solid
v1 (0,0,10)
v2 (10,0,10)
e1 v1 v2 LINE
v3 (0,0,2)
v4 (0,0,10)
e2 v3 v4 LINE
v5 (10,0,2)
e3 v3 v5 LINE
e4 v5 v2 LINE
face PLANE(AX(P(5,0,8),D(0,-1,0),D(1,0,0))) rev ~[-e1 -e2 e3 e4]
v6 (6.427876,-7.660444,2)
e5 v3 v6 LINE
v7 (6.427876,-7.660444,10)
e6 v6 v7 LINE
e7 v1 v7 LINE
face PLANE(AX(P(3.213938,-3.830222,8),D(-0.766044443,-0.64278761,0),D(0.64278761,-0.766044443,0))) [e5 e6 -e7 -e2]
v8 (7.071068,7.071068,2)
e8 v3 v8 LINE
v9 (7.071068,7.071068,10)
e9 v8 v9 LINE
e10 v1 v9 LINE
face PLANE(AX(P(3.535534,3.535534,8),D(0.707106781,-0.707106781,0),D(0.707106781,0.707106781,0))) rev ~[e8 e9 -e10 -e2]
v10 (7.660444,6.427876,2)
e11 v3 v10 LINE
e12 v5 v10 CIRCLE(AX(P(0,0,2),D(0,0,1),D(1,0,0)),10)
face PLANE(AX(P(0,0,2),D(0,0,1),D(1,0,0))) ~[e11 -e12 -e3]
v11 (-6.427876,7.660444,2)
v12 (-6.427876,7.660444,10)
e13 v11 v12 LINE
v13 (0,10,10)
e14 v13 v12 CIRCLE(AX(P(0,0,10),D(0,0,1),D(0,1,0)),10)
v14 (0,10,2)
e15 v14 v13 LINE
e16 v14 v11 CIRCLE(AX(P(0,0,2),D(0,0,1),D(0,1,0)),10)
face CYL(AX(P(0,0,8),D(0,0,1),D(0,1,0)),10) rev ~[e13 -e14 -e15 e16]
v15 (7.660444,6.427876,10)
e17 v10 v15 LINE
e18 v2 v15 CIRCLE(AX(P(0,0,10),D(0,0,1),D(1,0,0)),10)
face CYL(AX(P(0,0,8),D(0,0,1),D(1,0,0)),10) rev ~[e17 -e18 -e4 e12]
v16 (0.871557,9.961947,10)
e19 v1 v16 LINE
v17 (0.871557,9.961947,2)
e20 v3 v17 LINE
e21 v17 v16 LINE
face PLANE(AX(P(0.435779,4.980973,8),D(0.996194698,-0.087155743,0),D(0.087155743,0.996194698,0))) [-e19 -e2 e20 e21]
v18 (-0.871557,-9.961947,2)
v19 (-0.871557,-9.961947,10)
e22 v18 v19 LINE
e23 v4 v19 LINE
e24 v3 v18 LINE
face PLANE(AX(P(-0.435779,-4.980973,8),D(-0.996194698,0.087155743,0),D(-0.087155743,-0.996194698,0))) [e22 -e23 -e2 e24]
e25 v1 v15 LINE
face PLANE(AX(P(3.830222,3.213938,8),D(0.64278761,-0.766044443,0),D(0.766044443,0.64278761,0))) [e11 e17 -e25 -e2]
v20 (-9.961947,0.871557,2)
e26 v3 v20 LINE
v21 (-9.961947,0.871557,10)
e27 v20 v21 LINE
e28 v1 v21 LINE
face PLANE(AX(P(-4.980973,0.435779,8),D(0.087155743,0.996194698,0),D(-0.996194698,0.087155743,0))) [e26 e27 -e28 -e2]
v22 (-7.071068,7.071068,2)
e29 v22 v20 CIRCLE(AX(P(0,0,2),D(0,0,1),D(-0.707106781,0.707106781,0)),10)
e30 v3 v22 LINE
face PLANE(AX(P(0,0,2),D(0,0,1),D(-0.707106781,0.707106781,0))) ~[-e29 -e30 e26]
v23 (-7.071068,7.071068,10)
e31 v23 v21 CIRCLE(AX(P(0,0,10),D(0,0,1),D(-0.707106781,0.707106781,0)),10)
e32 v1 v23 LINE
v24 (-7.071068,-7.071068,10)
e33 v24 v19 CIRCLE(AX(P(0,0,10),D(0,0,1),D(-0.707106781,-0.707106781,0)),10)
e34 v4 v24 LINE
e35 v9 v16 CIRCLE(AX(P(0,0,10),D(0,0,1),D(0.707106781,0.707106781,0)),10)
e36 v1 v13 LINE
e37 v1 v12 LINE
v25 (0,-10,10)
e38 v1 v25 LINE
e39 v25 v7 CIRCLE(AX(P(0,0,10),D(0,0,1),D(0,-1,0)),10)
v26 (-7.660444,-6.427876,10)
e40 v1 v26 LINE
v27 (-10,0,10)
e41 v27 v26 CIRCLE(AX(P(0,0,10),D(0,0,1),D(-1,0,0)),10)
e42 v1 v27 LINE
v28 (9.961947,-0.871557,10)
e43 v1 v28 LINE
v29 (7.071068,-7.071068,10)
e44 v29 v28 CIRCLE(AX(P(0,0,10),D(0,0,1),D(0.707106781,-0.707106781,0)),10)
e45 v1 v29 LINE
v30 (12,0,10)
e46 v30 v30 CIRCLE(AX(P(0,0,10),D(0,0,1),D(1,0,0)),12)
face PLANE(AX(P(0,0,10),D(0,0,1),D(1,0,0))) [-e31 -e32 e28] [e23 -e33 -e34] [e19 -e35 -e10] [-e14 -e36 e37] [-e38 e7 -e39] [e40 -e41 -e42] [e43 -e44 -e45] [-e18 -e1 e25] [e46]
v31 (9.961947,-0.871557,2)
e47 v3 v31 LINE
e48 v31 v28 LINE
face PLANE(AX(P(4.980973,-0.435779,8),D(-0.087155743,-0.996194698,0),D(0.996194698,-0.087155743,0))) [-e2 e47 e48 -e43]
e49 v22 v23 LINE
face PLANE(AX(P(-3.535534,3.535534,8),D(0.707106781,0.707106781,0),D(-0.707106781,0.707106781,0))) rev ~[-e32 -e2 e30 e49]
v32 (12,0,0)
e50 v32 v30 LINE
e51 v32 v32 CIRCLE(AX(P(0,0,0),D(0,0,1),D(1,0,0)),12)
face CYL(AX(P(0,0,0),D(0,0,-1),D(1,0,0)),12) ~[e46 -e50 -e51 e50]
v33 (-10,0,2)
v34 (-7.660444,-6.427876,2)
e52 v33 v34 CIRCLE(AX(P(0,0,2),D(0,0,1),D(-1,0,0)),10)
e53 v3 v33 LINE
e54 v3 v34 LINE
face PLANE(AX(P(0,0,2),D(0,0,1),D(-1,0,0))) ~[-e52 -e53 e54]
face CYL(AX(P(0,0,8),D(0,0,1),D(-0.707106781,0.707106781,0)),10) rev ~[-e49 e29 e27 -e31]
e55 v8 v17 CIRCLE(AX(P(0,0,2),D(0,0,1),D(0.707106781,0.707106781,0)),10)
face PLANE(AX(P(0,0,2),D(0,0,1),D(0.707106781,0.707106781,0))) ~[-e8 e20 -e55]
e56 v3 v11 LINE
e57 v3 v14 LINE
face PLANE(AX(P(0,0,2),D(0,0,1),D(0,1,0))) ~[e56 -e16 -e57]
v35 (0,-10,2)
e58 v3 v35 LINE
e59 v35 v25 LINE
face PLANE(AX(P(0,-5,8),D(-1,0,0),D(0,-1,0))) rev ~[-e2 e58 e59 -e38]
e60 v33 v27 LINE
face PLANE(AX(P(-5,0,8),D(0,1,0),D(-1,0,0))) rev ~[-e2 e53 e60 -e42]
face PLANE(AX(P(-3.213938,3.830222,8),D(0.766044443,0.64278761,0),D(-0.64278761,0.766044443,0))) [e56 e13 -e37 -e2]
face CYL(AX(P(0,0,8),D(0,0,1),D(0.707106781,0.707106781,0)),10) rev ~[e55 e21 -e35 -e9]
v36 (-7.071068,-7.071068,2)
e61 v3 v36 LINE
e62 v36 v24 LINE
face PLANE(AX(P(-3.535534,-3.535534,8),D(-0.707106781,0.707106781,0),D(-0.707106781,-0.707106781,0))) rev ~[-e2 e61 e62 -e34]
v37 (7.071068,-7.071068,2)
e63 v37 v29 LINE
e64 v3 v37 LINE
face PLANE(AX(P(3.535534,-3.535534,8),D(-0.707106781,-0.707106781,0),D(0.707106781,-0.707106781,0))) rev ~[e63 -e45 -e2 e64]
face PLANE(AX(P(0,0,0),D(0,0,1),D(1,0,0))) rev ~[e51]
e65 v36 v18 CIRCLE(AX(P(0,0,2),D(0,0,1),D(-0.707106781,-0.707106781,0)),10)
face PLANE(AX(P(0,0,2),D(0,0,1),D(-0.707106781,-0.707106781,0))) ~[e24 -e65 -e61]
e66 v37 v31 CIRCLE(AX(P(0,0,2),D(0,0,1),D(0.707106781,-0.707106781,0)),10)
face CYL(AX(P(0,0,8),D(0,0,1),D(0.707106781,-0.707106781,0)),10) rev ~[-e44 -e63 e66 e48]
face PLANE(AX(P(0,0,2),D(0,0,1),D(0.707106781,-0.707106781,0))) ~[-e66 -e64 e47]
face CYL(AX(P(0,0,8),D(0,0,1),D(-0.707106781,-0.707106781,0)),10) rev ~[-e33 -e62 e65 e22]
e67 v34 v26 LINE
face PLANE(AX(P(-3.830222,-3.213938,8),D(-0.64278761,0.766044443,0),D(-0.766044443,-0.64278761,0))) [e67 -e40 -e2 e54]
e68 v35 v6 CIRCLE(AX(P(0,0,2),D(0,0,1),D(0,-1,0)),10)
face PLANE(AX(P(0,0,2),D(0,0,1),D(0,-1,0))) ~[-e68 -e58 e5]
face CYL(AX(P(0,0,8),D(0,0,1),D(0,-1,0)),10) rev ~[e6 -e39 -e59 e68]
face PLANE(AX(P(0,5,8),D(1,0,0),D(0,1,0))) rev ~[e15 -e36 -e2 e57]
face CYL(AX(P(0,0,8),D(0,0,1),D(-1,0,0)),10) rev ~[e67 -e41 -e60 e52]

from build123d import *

# Parameters (mm, degrees)
CYLINDER001_W     = 10
CYLINDER001_H     = 12
CYLINDER001_ANGLE = 40
ARRAY_COUNT       = 8
CYLINDER_R        = 12
CYLINDER_DEPTH    = 10


with BuildPart() as array:
    # Cylinder001 → Cylinder001 (revolve)
    with BuildSketch(Plane(origin=(0, 0, 2), x_dir=(1, 0, 0), z_dir=(0, -1, 0))):
        with Locations((5, 6)):
            Rectangle(CYLINDER001_W, CYLINDER001_H)
    revolve(axis=Axis((0, 0, 2), (0, 0, 1)), revolution_arc=CYLINDER001_ANGLE)

    # Array: Array ×8 about axis
    array_axis = Axis((0, 0, 0), (0, 0, 1))


with BuildPart() as array_1:
    add(array.part)
    for i in range(1, ARRAY_COUNT):
        add(array.part.rotate(array_axis, i * 360 / ARRAY_COUNT))


with BuildPart() as cut:
    # Cylinder → Cylinder (new body)
    with BuildSketch(Plane.XY):
        Circle(CYLINDER_R)
    extrude(amount=CYLINDER_DEPTH)

    # Cut: cut Array
    add(array_1.part, mode=Mode.SUBTRACT)


solid = cut.part
